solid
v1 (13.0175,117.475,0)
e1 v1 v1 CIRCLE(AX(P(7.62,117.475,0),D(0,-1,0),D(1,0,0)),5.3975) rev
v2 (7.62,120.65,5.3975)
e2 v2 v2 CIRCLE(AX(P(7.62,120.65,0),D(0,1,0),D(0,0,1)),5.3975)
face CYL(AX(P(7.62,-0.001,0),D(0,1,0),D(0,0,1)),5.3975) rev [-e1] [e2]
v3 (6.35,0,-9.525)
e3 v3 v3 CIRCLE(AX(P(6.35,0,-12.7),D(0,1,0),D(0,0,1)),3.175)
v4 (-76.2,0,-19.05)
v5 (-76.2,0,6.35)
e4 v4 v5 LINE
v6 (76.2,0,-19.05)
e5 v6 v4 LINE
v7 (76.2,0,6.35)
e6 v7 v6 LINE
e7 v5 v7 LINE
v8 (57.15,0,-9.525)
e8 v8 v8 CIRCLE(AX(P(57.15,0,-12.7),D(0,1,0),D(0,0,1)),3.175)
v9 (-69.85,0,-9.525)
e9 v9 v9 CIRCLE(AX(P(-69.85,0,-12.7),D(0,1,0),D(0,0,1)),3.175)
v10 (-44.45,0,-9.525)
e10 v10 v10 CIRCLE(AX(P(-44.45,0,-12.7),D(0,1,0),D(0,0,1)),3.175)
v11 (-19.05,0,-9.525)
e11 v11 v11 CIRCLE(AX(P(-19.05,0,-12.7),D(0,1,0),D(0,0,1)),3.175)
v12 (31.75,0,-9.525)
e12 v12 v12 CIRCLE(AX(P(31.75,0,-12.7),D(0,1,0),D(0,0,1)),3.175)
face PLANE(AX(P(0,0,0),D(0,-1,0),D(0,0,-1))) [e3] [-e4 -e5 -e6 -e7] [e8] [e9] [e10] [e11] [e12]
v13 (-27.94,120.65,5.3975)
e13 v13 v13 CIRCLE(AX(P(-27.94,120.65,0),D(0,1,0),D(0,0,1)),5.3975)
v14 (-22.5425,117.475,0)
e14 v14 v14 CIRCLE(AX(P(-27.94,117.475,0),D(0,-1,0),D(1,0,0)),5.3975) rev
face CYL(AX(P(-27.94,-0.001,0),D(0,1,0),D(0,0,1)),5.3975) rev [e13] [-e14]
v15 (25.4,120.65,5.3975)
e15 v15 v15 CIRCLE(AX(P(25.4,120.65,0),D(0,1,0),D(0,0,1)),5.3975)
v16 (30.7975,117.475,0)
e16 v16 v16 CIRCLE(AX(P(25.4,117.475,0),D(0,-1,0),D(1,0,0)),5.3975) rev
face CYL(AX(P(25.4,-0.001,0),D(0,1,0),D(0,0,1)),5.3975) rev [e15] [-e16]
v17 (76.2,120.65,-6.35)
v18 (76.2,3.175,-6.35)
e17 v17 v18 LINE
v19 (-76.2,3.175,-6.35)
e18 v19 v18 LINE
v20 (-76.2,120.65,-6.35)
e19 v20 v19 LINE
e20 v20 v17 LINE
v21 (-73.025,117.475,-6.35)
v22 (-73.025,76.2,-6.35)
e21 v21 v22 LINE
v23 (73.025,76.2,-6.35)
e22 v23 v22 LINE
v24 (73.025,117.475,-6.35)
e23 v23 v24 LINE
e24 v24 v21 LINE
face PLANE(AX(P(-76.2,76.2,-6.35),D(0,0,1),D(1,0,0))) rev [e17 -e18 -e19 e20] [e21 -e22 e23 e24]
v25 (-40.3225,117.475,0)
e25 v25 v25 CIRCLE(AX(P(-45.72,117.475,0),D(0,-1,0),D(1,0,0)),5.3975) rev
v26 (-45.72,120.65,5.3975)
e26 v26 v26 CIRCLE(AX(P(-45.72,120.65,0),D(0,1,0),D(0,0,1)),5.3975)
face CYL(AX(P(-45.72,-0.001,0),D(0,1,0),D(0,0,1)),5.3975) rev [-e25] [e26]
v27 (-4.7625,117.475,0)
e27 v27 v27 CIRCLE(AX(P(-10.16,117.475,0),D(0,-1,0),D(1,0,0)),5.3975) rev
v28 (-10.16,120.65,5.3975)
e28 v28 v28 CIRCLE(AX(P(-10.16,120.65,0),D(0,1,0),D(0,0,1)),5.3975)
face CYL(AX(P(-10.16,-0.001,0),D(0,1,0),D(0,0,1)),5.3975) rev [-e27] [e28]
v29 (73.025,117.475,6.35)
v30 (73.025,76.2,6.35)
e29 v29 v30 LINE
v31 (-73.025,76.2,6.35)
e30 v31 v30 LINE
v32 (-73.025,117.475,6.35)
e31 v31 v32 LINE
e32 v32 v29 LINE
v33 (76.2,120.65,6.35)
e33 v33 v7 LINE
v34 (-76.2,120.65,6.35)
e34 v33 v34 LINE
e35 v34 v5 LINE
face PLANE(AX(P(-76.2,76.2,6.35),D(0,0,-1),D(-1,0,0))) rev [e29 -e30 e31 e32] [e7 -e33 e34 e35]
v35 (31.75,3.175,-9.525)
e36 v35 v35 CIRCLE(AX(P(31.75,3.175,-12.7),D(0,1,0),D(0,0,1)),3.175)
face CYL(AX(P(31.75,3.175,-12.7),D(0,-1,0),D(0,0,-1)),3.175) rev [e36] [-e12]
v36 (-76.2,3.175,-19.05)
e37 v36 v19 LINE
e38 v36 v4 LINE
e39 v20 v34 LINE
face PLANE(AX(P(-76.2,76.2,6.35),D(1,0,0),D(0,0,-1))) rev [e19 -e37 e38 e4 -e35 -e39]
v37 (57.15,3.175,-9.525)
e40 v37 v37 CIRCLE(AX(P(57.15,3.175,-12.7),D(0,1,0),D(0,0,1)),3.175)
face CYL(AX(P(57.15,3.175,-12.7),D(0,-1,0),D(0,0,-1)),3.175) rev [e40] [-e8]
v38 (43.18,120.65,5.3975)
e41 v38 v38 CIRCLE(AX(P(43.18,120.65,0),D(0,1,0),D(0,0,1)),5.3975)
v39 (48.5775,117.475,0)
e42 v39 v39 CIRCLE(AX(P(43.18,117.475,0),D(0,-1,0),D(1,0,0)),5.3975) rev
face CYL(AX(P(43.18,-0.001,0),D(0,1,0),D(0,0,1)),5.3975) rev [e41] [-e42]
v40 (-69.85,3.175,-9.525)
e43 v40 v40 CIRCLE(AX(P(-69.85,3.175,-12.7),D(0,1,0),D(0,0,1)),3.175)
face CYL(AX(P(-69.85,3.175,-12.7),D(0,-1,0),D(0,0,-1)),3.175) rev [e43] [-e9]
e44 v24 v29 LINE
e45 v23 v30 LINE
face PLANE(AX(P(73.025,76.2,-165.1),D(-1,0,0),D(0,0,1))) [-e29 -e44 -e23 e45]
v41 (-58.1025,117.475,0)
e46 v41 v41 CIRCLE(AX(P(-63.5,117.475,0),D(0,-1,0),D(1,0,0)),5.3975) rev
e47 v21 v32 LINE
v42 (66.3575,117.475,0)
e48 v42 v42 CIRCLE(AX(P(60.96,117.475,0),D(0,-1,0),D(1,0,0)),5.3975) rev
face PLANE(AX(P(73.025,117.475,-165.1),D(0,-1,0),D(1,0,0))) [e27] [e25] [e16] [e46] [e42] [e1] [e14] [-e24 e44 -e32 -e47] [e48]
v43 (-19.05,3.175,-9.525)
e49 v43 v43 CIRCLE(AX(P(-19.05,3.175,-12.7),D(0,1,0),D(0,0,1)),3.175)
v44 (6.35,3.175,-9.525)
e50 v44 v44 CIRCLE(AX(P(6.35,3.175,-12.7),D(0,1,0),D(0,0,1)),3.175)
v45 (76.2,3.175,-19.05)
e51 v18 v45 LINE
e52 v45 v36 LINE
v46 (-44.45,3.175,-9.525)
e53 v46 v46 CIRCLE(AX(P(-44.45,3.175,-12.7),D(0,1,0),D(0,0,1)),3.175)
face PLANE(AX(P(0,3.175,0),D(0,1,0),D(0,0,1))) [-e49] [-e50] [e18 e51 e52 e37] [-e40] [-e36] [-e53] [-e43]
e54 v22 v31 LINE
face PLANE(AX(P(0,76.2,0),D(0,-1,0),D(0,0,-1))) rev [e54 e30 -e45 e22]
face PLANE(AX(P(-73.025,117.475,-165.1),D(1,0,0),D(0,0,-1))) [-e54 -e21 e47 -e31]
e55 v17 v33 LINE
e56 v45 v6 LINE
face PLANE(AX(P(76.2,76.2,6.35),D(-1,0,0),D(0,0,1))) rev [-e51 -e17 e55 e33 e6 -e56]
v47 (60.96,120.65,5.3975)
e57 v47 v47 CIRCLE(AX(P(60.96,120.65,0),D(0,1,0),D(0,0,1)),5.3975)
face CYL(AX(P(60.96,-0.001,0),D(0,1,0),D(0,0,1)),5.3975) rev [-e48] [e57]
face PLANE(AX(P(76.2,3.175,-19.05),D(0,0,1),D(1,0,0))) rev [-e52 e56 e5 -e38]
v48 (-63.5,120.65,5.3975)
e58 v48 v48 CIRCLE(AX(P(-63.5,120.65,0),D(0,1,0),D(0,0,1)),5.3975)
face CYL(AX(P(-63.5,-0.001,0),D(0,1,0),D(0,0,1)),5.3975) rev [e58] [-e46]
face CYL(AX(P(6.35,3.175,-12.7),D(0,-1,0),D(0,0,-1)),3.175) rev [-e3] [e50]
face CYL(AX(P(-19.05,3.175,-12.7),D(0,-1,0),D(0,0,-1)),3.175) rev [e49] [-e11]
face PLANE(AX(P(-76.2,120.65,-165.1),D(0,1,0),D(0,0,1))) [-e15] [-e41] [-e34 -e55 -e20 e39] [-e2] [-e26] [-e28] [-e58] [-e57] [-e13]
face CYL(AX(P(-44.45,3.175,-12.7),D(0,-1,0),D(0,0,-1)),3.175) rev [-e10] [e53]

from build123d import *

# Parameters (mm, degrees)
SKETCH1_W           = 152.4
SKETCH1_H           = 12.7
BOSS_EXTRUDE1_DEPTH = 76.2
SKETCH2_R           = 3.175
BOSS_EXTRUDE4_DEPTH = 3.175
BOSS_EXTRUDE5_DEPTH = 12.7
CUT_EXTRUDE1_REACH  = 145.964
SKETCH4_R           = 5.3975


with BuildPart() as part:
    # Sketch1 → Boss-Extrude1 (new body)
    with BuildSketch(Plane(origin=(0, 0, 0), x_dir=(1, 0, 0), z_dir=(0, 1, 0))):
        Rectangle(SKETCH1_W, SKETCH1_H)
    extrude(amount=BOSS_EXTRUDE1_DEPTH)

    # Sketch2 → Boss-Extrude4 (add)
    with BuildSketch(Plane(origin=(0, 0, 0), x_dir=(1, 0, 0), z_dir=(0, 1, 0))):
        Polygon((-76.2, 12.7), (-76.2, 6.35), (76.2, 6.35), (76.2, 19.05), (-76.2, 19.05), align=None)
        with Locations(Location((-69.85, 12.7, 0), (0, 0, 270))):
            Circle(SKETCH2_R, mode=Mode.SUBTRACT)
        with Locations(Location((-44.45, 12.7, 0), (0, 0, 270))):
            Circle(SKETCH2_R, mode=Mode.SUBTRACT)
        with Locations(Location((-19.05, 12.7, 0), (0, 0, 270))):
            Circle(SKETCH2_R, mode=Mode.SUBTRACT)
        with Locations(Location((6.35, 12.7, 0), (0, 0, 270))):
            Circle(SKETCH2_R, mode=Mode.SUBTRACT)
        with Locations(Location((31.75, 12.7, 0), (0, 0, 270))):
            Circle(SKETCH2_R, mode=Mode.SUBTRACT)
        with Locations(Location((57.15, 12.7, 0), (0, 0, 270))):
            Circle(SKETCH2_R, mode=Mode.SUBTRACT)
    extrude(amount=BOSS_EXTRUDE4_DEPTH)

    # Sketch3 → Boss-Extrude5 (add)
    with BuildSketch(Plane.XY.offset(6.35)):
        Polygon((-76.2, 76.2), (-76.2, 120.65), (76.2, 120.65), (76.2, 76.2), (73.025, 76.2), (73.025, 117.475), (-73.025, 117.475), (-73.025, 76.2), align=None)
    extrude(amount=-BOSS_EXTRUDE5_DEPTH)

    # Sketch4 → Cut-Extrude1 (cut, up to next)
    with BuildSketch(Plane(origin=(0, 120.65, 0), x_dir=(1, 0, 0), z_dir=(0, 1, 0)), mode=Mode.PRIVATE) as cut_extrude1_sk1:
        with Locations(Location((-63.5, 0, 0), (0, 0, 270))):
            Circle(SKETCH4_R)
    cut_extrude1_tool1 = extrude(cut_extrude1_sk1.sketch, amount=-CUT_EXTRUDE1_REACH, mode=Mode.PRIVATE) & part.part
    # Sketch4 → Cut-Extrude1 (cut, up to next)
    with BuildSketch(Plane(origin=(0, 120.65, 0), x_dir=(1, 0, 0), z_dir=(0, 1, 0)), mode=Mode.PRIVATE) as cut_extrude1_sk2:
        with Locations(Location((-45.72, 0, 0), (0, 0, 270))):
            Circle(SKETCH4_R)
    cut_extrude1_tool2 = extrude(cut_extrude1_sk2.sketch, amount=-CUT_EXTRUDE1_REACH, mode=Mode.PRIVATE) & part.part
    # Sketch4 → Cut-Extrude1 (cut, up to next)
    with BuildSketch(Plane(origin=(0, 120.65, 0), x_dir=(1, 0, 0), z_dir=(0, 1, 0)), mode=Mode.PRIVATE) as cut_extrude1_sk3:
        with Locations(Location((-27.94, 0, 0), (0, 0, 270))):
            Circle(SKETCH4_R)
    cut_extrude1_tool3 = extrude(cut_extrude1_sk3.sketch, amount=-CUT_EXTRUDE1_REACH, mode=Mode.PRIVATE) & part.part
    # Sketch4 → Cut-Extrude1 (cut, up to next)
    with BuildSketch(Plane(origin=(0, 120.65, 0), x_dir=(1, 0, 0), z_dir=(0, 1, 0)), mode=Mode.PRIVATE) as cut_extrude1_sk4:
        with Locations(Location((-10.16, 0, 0), (0, 0, 270))):
            Circle(SKETCH4_R)
    cut_extrude1_tool4 = extrude(cut_extrude1_sk4.sketch, amount=-CUT_EXTRUDE1_REACH, mode=Mode.PRIVATE) & part.part
    # Sketch4 → Cut-Extrude1 (cut, up to next)
    with BuildSketch(Plane(origin=(0, 120.65, 0), x_dir=(1, 0, 0), z_dir=(0, 1, 0)), mode=Mode.PRIVATE) as cut_extrude1_sk5:
        with Locations(Location((7.62, 0, 0), (0, 0, 270))):
            Circle(SKETCH4_R)
    cut_extrude1_tool5 = extrude(cut_extrude1_sk5.sketch, amount=-CUT_EXTRUDE1_REACH, mode=Mode.PRIVATE) & part.part
    # Sketch4 → Cut-Extrude1 (cut, up to next)
    with BuildSketch(Plane(origin=(0, 120.65, 0), x_dir=(1, 0, 0), z_dir=(0, 1, 0)), mode=Mode.PRIVATE) as cut_extrude1_sk6:
        with Locations(Location((25.4, 0, 0), (0, 0, 270))):
            Circle(SKETCH4_R)
    cut_extrude1_tool6 = extrude(cut_extrude1_sk6.sketch, amount=-CUT_EXTRUDE1_REACH, mode=Mode.PRIVATE) & part.part
    # Sketch4 → Cut-Extrude1 (cut, up to next)
    with BuildSketch(Plane(origin=(0, 120.65, 0), x_dir=(1, 0, 0), z_dir=(0, 1, 0)), mode=Mode.PRIVATE) as cut_extrude1_sk7:
        with Locations(Location((43.18, 0, 0), (0, 0, 270))):
            Circle(SKETCH4_R)
    cut_extrude1_tool7 = extrude(cut_extrude1_sk7.sketch, amount=-CUT_EXTRUDE1_REACH, mode=Mode.PRIVATE) & part.part
    # Sketch4 → Cut-Extrude1 (cut, up to next)
    with BuildSketch(Plane(origin=(0, 120.65, 0), x_dir=(1, 0, 0), z_dir=(0, 1, 0)), mode=Mode.PRIVATE) as cut_extrude1_sk8:
        with Locations(Location((60.96, 0, 0), (0, 0, 270))):
            Circle(SKETCH4_R)
    cut_extrude1_tool8 = extrude(cut_extrude1_sk8.sketch, amount=-CUT_EXTRUDE1_REACH, mode=Mode.PRIVATE) & part.part
    add(cut_extrude1_tool1.solids().sort_by_distance((-63.5, 120.65, 0))[0], mode=Mode.SUBTRACT)
    add(cut_extrude1_tool2.solids().sort_by_distance((-45.72, 120.65, 0))[0], mode=Mode.SUBTRACT)
    add(cut_extrude1_tool3.solids().sort_by_distance((-27.94, 120.65, 0))[0], mode=Mode.SUBTRACT)
    add(cut_extrude1_tool4.solids().sort_by_distance((-10.16, 120.65, 0))[0], mode=Mode.SUBTRACT)
    add(cut_extrude1_tool5.solids().sort_by_distance((7.62, 120.65, 0))[0], mode=Mode.SUBTRACT)
    add(cut_extrude1_tool6.solids().sort_by_distance((25.4, 120.65, 0))[0], mode=Mode.SUBTRACT)
    add(cut_extrude1_tool7.solids().sort_by_distance((43.18, 120.65, 0))[0], mode=Mode.SUBTRACT)
    add(cut_extrude1_tool8.solids().sort_by_distance((60.96, 120.65, 0))[0], mode=Mode.SUBTRACT)


solid = part.part
